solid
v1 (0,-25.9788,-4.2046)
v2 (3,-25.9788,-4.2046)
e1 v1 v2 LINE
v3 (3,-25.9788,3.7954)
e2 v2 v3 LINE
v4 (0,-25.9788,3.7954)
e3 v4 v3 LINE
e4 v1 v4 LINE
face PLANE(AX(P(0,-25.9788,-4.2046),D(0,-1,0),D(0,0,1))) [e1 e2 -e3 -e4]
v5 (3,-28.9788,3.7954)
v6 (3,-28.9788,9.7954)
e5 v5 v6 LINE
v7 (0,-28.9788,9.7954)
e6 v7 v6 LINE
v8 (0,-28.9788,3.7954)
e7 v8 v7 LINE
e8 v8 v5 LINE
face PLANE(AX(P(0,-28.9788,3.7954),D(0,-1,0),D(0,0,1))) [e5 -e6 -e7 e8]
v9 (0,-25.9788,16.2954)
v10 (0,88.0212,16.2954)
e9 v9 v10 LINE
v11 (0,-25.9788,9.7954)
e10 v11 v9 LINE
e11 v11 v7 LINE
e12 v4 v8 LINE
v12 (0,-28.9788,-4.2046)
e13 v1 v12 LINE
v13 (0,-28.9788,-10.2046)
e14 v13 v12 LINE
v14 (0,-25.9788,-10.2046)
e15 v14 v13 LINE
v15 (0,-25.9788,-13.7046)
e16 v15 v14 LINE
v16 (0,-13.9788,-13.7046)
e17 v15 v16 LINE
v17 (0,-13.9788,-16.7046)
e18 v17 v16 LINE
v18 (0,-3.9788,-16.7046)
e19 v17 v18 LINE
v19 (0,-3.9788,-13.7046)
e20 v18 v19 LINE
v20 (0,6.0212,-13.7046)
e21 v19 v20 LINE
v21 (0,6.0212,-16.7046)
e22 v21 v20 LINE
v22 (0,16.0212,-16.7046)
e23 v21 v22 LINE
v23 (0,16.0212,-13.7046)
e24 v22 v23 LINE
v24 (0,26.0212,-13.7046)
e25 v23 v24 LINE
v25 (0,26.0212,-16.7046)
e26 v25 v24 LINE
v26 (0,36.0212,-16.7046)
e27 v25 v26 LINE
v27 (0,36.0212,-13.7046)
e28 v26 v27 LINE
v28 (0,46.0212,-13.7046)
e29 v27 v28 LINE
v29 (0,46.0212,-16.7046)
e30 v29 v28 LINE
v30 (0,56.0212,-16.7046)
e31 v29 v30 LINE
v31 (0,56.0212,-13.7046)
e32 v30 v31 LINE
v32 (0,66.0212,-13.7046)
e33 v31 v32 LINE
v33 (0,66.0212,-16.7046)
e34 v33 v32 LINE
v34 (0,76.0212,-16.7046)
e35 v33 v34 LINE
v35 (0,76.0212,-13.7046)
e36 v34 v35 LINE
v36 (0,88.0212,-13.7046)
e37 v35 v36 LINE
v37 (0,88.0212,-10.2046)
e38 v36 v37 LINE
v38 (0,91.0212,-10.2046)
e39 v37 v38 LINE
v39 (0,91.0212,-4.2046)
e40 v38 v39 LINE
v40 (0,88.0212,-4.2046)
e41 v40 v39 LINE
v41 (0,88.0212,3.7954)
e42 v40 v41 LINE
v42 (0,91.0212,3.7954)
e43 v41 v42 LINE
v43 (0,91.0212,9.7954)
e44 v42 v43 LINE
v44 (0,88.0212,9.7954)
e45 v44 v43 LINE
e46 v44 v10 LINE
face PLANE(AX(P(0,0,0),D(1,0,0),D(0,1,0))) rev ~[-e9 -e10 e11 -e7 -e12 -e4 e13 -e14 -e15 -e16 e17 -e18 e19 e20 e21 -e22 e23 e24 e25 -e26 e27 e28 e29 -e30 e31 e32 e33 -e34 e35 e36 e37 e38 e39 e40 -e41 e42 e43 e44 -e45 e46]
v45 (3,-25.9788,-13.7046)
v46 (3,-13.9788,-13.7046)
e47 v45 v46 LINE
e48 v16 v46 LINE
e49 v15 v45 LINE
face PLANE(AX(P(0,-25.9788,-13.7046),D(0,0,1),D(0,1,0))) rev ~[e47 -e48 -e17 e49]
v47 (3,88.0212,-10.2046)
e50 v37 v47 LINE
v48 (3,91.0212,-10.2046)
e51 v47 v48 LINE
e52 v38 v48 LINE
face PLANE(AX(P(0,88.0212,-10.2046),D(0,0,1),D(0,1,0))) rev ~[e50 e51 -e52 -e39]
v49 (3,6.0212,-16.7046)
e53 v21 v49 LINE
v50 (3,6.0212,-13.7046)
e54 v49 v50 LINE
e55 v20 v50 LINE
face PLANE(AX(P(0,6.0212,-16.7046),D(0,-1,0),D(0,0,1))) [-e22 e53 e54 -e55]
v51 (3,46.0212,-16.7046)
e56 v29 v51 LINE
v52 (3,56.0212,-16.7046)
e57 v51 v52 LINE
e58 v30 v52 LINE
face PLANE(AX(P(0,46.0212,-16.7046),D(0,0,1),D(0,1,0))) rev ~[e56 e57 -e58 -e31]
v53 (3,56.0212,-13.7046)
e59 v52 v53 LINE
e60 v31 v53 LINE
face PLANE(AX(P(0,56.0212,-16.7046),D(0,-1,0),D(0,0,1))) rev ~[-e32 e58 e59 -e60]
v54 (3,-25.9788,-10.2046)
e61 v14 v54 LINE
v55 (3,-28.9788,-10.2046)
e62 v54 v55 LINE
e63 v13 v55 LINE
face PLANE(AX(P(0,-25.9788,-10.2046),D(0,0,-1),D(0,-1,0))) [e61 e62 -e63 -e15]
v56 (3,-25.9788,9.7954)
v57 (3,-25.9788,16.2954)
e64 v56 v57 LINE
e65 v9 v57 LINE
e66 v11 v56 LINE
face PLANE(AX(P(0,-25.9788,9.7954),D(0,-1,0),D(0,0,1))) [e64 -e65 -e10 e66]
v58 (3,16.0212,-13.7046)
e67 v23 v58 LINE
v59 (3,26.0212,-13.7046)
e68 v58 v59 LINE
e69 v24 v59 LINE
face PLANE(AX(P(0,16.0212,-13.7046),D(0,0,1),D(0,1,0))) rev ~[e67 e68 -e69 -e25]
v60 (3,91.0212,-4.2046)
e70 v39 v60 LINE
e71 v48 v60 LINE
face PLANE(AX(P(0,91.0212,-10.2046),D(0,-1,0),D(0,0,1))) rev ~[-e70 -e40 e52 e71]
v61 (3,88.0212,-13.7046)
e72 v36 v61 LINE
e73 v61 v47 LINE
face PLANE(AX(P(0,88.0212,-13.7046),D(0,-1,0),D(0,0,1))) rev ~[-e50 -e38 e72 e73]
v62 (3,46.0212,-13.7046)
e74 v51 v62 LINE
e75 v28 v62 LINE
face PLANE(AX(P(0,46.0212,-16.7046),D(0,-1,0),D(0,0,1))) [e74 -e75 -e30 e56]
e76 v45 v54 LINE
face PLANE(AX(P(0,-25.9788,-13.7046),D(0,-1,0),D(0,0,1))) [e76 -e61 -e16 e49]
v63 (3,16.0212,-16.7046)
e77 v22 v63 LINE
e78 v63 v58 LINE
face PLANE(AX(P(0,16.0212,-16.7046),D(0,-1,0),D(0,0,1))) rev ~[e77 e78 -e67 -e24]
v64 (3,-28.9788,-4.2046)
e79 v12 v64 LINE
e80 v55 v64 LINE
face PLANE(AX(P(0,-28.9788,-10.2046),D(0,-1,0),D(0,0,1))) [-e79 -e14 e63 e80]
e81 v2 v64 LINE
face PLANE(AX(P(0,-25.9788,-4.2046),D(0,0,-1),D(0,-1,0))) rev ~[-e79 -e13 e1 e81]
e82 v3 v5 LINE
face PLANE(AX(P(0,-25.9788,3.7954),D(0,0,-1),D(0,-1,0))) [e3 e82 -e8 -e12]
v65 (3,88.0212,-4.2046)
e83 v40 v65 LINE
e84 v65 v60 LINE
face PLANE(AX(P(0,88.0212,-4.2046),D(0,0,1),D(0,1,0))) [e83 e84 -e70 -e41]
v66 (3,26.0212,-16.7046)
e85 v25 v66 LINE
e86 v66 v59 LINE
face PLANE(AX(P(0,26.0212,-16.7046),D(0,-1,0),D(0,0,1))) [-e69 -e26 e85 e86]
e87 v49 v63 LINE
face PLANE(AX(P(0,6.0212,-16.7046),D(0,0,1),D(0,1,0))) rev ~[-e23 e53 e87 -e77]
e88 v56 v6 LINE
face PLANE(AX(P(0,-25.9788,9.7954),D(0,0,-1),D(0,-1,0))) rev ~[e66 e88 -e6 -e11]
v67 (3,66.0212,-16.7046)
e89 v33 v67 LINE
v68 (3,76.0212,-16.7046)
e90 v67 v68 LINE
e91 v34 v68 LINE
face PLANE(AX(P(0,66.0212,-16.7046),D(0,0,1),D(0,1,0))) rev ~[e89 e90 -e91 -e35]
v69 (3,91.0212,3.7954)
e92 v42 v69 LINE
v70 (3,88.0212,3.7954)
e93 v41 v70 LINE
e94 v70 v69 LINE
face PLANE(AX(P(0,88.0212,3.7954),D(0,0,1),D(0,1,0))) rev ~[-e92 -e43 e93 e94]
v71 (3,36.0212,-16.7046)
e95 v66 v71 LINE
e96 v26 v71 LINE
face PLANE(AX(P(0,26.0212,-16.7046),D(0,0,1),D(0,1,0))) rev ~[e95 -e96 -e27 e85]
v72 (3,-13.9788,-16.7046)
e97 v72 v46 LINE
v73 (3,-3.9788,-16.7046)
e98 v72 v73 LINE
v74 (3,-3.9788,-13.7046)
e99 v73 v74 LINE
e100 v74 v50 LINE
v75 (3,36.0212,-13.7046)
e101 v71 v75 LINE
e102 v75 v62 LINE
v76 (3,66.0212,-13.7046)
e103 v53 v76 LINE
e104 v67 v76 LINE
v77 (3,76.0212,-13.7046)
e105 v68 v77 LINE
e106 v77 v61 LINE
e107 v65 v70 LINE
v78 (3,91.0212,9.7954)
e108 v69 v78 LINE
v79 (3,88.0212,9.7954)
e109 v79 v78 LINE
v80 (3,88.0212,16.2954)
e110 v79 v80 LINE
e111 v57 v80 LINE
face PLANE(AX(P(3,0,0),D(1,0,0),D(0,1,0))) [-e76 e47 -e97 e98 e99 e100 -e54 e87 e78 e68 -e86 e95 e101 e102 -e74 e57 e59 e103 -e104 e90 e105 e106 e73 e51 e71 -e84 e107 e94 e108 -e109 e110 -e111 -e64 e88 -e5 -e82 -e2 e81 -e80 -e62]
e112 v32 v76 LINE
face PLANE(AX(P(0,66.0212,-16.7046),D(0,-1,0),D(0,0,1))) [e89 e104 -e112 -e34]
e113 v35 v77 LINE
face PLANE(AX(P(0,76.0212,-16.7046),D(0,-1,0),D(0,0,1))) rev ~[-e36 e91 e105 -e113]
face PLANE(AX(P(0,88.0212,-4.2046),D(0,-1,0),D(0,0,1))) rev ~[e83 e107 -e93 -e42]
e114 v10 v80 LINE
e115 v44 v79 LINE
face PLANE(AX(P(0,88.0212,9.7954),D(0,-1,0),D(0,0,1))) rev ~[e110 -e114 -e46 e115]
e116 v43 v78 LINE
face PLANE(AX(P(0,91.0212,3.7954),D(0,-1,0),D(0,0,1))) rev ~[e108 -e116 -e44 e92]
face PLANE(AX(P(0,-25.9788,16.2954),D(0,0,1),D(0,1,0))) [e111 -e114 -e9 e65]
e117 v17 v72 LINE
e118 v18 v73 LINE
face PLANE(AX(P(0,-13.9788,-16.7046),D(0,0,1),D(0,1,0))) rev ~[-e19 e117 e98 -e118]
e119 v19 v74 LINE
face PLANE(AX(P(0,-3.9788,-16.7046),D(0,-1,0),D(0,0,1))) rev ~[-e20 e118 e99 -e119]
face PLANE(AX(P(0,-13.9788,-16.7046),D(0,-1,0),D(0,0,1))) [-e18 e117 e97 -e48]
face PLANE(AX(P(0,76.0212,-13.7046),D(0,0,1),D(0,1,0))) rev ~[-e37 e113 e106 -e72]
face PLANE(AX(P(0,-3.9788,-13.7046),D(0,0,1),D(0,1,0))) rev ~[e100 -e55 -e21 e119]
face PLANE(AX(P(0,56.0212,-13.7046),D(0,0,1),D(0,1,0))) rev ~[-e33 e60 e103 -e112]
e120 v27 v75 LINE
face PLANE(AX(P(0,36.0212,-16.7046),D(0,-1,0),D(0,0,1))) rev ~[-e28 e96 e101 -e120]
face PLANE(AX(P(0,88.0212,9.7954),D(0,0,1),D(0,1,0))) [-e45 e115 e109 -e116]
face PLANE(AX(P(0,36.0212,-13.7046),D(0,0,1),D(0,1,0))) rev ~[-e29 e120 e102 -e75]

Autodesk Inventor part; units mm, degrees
ref_plane "YZ Plane" through (0, 0, 0) normal (1, 0, 0) x (0, 1, 0)
ref_plane "XZ Plane" through (0, 0, 0) normal (0, 1, 0) x (-1, 0, 0)
ref_plane "XY Plane" through (0, 0, 0) normal (0, 0, 1) x (1, 0, 0)
sketch "Esquisse1" plane through (0, 0, 0) normal (1, 0, 0) x (0, 1, 0)
  line L0 (16.0212, -16.7046) -> (16.0212, -13.7046)
  line L1 (6.0212, -16.7046) -> (16.0212, -16.7046)
  line L2 (6.0212, -16.7046) -> (6.0212, -13.7046)
  line L3 (-3.9788, -16.7046) -> (-3.9788, -13.7046)
  line L4 (-13.9788, -16.7046) -> (-3.9788, -16.7046)
  line L5 (-13.9788, -16.7046) -> (-13.9788, -13.7046)
  line L6 (-25.9788, 9.7954) -> (-25.9788, 16.2954)
  line L7 (-25.9788, -13.7046) -> (-13.9788, -13.7046)
  line L8 (-25.9788, -13.7046) -> (-25.9788, -10.2046)
  line L9 (-25.9788, -4.2046) -> (-25.9788, 3.7954)
  line L10 (-28.9788, -10.2046) -> (-28.9788, -4.2046)
  line L11 (-25.9788, -10.2046) -> (-28.9788, -10.2046)
  line L12 (-25.9788, -4.2046) -> (-28.9788, -4.2046)
  line L13 (-28.9788, 3.7954) -> (-28.9788, 9.7954)
  line L14 (-25.9788, 3.7954) -> (-28.9788, 3.7954)
  line L15 (-25.9788, 9.7954) -> (-28.9788, 9.7954)
  line L16 (91.0212, 3.7954) -> (91.0212, 9.7954)
  line L17 (88.0212, 9.7954) -> (88.0212, 16.2954)
  line L18 (88.0212, 3.7954) -> (91.0212, 3.7954)
  line L19 (88.0212, -4.2046) -> (88.0212, 3.7954)
  line L20 (88.0212, -4.2046) -> (91.0212, -4.2046)
  line L21 (91.0212, -10.2046) -> (91.0212, -4.2046)
  line L22 (88.0212, -10.2046) -> (91.0212, -10.2046)
  line L23 (88.0212, -13.7046) -> (88.0212, -10.2046)
  line L24 (76.0212, -13.7046) -> (88.0212, -13.7046)
  line L25 (76.0212, -16.7046) -> (76.0212, -13.7046)
  line L26 (66.0212, -16.7046) -> (76.0212, -16.7046)
  line L27 (66.0212, -16.7046) -> (66.0212, -13.7046)
  line L28 (56.0212, -13.7046) -> (66.0212, -13.7046)
  line L29 (56.0212, -16.7046) -> (56.0212, -13.7046)
  line L30 (46.0212, -16.7046) -> (46.0212, -13.7046)
  line L31 (46.0212, -16.7046) -> (56.0212, -16.7046)
  line L32 (36.0212, -13.7046) -> (46.0212, -13.7046)
  line L33 (36.0212, -16.7046) -> (36.0212, -13.7046)
  line L34 (26.0212, -16.7046) -> (26.0212, -13.7046)
  line L35 (26.0212, -16.7046) -> (36.0212, -16.7046)
  line L36 (16.0212, -13.7046) -> (26.0212, -13.7046)
  line L37 (-3.9788, -13.7046) -> (6.0212, -13.7046)
  line L38 (-25.9788, 16.2954) -> (88.0212, 16.2954)
  line L39 (88.0212, 9.7954) -> (91.0212, 9.7954)
  point P0 (0, 0)
extrude "Extrusion1" add sketch "Esquisse1" along normal blind 3
properties part number "devant"
